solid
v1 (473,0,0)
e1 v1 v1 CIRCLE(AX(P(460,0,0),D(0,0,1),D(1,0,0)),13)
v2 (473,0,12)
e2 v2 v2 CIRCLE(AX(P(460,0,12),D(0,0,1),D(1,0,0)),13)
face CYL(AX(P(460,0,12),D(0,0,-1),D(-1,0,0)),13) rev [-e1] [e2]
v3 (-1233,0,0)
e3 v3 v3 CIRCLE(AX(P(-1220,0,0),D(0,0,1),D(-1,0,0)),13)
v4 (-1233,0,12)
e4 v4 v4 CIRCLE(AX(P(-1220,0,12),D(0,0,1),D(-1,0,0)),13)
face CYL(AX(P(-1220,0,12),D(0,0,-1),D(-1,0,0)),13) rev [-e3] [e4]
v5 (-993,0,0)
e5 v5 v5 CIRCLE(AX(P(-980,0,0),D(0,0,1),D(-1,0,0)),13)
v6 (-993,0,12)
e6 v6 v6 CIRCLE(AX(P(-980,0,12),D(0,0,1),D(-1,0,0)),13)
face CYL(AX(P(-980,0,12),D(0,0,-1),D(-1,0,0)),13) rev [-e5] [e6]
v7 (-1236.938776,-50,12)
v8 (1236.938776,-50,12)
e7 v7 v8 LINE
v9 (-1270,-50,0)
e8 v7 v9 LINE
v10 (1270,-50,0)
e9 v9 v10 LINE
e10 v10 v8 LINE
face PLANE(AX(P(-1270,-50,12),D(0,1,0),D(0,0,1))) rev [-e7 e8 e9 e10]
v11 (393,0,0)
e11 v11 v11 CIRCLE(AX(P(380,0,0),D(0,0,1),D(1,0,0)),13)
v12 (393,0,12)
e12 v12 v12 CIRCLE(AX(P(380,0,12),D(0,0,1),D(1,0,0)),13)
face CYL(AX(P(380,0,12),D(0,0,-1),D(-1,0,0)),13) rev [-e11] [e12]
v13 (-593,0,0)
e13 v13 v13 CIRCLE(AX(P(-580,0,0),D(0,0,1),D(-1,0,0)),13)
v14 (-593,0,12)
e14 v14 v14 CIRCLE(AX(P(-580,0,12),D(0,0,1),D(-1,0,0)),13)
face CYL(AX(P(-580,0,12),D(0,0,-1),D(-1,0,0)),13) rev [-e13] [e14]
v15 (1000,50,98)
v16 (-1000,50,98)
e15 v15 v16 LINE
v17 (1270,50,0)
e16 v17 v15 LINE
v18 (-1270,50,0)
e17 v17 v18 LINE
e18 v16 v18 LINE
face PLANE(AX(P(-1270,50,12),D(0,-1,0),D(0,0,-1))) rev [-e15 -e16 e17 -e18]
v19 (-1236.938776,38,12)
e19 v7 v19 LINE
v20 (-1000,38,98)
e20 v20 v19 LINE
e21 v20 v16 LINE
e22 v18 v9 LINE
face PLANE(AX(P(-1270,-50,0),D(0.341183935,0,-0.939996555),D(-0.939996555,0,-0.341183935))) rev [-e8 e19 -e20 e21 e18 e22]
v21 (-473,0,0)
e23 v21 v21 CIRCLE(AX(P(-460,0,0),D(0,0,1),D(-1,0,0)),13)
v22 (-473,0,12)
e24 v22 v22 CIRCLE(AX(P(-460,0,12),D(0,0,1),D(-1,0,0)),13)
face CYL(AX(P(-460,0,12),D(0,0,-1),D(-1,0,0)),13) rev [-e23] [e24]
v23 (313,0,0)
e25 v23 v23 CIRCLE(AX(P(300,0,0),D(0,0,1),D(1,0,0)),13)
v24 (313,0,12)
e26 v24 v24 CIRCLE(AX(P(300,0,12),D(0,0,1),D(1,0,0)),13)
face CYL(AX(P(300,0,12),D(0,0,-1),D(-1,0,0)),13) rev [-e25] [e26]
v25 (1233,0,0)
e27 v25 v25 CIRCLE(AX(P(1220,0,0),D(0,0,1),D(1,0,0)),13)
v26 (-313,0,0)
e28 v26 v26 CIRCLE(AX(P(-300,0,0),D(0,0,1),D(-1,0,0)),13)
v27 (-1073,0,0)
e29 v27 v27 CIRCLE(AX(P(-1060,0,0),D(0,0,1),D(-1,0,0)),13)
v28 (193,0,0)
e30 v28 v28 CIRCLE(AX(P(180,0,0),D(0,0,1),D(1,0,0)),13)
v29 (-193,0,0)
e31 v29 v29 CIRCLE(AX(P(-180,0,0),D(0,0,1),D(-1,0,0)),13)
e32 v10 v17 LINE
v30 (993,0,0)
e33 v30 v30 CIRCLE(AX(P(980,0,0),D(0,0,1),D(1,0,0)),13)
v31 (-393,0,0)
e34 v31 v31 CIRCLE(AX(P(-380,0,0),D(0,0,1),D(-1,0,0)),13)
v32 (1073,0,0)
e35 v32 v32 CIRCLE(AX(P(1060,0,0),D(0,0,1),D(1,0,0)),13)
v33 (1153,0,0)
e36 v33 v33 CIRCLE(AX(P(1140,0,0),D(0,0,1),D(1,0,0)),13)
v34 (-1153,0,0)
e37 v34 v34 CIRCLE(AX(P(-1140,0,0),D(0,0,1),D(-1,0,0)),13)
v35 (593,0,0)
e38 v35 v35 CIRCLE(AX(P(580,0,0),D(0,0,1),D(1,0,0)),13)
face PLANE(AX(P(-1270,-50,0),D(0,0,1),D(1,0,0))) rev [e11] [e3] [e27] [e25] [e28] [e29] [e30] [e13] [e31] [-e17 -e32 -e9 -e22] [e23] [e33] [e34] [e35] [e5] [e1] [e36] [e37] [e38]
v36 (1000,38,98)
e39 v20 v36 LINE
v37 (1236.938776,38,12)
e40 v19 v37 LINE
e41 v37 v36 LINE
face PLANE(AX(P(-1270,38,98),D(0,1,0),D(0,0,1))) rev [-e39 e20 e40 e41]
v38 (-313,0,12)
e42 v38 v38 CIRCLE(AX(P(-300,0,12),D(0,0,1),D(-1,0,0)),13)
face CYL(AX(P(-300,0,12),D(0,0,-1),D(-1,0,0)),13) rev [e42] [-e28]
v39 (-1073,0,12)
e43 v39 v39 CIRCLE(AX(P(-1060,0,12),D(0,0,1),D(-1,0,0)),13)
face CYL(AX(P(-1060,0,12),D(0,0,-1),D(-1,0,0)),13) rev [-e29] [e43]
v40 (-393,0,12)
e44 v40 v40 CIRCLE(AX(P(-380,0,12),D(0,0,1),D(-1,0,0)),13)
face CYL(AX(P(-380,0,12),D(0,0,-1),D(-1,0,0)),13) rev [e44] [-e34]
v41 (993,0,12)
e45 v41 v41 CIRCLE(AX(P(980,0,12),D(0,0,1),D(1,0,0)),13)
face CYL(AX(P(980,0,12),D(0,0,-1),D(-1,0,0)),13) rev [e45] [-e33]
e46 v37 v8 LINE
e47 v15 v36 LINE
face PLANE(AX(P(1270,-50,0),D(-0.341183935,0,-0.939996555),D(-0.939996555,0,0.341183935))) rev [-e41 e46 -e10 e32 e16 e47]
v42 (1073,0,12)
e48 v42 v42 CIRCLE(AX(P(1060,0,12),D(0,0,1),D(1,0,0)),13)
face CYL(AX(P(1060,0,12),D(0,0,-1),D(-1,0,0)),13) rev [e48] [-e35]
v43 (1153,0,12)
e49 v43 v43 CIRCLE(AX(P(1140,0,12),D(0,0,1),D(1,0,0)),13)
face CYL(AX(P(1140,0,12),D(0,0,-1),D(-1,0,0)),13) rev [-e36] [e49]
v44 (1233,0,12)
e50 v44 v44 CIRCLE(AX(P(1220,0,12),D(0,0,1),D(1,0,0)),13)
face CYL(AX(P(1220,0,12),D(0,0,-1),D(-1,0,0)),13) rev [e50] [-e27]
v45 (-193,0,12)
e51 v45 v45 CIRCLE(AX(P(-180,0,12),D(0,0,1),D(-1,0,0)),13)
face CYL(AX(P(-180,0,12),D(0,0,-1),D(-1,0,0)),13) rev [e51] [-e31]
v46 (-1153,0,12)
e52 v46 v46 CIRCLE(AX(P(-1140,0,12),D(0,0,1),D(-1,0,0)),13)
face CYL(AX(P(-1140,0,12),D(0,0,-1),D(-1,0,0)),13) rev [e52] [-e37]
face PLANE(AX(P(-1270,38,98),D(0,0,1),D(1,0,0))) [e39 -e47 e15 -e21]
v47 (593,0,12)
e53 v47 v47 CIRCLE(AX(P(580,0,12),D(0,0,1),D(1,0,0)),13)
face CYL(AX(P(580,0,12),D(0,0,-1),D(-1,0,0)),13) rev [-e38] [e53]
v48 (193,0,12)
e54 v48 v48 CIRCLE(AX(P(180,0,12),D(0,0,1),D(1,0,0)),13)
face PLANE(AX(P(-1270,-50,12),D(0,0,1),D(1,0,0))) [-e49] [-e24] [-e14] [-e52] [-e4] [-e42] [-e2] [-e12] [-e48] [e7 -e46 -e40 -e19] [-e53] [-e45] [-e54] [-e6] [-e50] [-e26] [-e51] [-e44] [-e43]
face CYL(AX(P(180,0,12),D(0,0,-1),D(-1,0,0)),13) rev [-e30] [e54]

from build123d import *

# Parameters (mm, degrees)
SKETCH_1_W          = 2540
SKETCH_1_H          = 100
SKETCH_1_R          = 13
EXTRUDE_525_DEPTH   = 12
SKETCH_2_W          = 2540
SKETCH_2_H          = 12
EXTRUDE_1_DEPTH     = 86
CUT_EXTRUDE_1_DEPTH = 1278.694799238


with BuildPart() as part:
    # 草图1 → Extrude 525 (new body)
    with BuildSketch(Plane.XY):
        Rectangle(SKETCH_1_W, SKETCH_1_H)
        with Locations((1220, 0)):
            Circle(SKETCH_1_R, mode=Mode.SUBTRACT)
        with Locations((1140, 0)):
            Circle(SKETCH_1_R, mode=Mode.SUBTRACT)
        with Locations((1060, 0)):
            Circle(SKETCH_1_R, mode=Mode.SUBTRACT)
        with Locations((980, 0)):
            Circle(SKETCH_1_R, mode=Mode.SUBTRACT)
        with Locations((580, 0)):
            Circle(SKETCH_1_R, mode=Mode.SUBTRACT)
        with Locations((460, 0)):
            Circle(SKETCH_1_R, mode=Mode.SUBTRACT)
        with Locations((380, 0)):
            Circle(SKETCH_1_R, mode=Mode.SUBTRACT)
        with Locations((300, 0)):
            Circle(SKETCH_1_R, mode=Mode.SUBTRACT)
        with Locations((180, 0)):
            Circle(SKETCH_1_R, mode=Mode.SUBTRACT)
        with Locations(Location((-180, 0, 0), (0, 0, 180))):
            Circle(SKETCH_1_R, mode=Mode.SUBTRACT)
        with Locations(Location((-300, 0, 0), (0, 0, 180))):
            Circle(SKETCH_1_R, mode=Mode.SUBTRACT)
        with Locations(Location((-380, 0, 0), (0, 0, 180))):
            Circle(SKETCH_1_R, mode=Mode.SUBTRACT)
        with Locations(Location((-460, 0, 0), (0, 0, 180))):
            Circle(SKETCH_1_R, mode=Mode.SUBTRACT)
        with Locations(Location((-580, 0, 0), (0, 0, 180))):
            Circle(SKETCH_1_R, mode=Mode.SUBTRACT)
        with Locations(Location((-980, 0, 0), (0, 0, 180))):
            Circle(SKETCH_1_R, mode=Mode.SUBTRACT)
        with Locations(Location((-1060, 0, 0), (0, 0, 180))):
            Circle(SKETCH_1_R, mode=Mode.SUBTRACT)
        with Locations(Location((-1140, 0, 0), (0, 0, 180))):
            Circle(SKETCH_1_R, mode=Mode.SUBTRACT)
        with Locations(Location((-1220, 0, 0), (0, 0, 180))):
            Circle(SKETCH_1_R, mode=Mode.SUBTRACT)
    extrude(amount=EXTRUDE_525_DEPTH)

    # 草图2 → 凸台-拉伸1 (add)
    with BuildSketch(Plane.XY.offset(12)):
        with Locations((0, 44)):
            Rectangle(SKETCH_2_W, SKETCH_2_H)
    extrude(amount=EXTRUDE_1_DEPTH)

    # 草图4 → 切除-拉伸1 (cut, through all)
    with BuildSketch(Plane(origin=(0, 50, 0), x_dir=(-1, 0, 0), z_dir=(0, 1, 0))):
        Polygon((-1270, 0), (-1270, 98), (-1000, 98), align=None)
        Polygon((1270, 0), (1000, 98), (1270, 98), align=None)
    extrude(amount=-CUT_EXTRUDE_1_DEPTH, mode=Mode.SUBTRACT)


solid = part.part
